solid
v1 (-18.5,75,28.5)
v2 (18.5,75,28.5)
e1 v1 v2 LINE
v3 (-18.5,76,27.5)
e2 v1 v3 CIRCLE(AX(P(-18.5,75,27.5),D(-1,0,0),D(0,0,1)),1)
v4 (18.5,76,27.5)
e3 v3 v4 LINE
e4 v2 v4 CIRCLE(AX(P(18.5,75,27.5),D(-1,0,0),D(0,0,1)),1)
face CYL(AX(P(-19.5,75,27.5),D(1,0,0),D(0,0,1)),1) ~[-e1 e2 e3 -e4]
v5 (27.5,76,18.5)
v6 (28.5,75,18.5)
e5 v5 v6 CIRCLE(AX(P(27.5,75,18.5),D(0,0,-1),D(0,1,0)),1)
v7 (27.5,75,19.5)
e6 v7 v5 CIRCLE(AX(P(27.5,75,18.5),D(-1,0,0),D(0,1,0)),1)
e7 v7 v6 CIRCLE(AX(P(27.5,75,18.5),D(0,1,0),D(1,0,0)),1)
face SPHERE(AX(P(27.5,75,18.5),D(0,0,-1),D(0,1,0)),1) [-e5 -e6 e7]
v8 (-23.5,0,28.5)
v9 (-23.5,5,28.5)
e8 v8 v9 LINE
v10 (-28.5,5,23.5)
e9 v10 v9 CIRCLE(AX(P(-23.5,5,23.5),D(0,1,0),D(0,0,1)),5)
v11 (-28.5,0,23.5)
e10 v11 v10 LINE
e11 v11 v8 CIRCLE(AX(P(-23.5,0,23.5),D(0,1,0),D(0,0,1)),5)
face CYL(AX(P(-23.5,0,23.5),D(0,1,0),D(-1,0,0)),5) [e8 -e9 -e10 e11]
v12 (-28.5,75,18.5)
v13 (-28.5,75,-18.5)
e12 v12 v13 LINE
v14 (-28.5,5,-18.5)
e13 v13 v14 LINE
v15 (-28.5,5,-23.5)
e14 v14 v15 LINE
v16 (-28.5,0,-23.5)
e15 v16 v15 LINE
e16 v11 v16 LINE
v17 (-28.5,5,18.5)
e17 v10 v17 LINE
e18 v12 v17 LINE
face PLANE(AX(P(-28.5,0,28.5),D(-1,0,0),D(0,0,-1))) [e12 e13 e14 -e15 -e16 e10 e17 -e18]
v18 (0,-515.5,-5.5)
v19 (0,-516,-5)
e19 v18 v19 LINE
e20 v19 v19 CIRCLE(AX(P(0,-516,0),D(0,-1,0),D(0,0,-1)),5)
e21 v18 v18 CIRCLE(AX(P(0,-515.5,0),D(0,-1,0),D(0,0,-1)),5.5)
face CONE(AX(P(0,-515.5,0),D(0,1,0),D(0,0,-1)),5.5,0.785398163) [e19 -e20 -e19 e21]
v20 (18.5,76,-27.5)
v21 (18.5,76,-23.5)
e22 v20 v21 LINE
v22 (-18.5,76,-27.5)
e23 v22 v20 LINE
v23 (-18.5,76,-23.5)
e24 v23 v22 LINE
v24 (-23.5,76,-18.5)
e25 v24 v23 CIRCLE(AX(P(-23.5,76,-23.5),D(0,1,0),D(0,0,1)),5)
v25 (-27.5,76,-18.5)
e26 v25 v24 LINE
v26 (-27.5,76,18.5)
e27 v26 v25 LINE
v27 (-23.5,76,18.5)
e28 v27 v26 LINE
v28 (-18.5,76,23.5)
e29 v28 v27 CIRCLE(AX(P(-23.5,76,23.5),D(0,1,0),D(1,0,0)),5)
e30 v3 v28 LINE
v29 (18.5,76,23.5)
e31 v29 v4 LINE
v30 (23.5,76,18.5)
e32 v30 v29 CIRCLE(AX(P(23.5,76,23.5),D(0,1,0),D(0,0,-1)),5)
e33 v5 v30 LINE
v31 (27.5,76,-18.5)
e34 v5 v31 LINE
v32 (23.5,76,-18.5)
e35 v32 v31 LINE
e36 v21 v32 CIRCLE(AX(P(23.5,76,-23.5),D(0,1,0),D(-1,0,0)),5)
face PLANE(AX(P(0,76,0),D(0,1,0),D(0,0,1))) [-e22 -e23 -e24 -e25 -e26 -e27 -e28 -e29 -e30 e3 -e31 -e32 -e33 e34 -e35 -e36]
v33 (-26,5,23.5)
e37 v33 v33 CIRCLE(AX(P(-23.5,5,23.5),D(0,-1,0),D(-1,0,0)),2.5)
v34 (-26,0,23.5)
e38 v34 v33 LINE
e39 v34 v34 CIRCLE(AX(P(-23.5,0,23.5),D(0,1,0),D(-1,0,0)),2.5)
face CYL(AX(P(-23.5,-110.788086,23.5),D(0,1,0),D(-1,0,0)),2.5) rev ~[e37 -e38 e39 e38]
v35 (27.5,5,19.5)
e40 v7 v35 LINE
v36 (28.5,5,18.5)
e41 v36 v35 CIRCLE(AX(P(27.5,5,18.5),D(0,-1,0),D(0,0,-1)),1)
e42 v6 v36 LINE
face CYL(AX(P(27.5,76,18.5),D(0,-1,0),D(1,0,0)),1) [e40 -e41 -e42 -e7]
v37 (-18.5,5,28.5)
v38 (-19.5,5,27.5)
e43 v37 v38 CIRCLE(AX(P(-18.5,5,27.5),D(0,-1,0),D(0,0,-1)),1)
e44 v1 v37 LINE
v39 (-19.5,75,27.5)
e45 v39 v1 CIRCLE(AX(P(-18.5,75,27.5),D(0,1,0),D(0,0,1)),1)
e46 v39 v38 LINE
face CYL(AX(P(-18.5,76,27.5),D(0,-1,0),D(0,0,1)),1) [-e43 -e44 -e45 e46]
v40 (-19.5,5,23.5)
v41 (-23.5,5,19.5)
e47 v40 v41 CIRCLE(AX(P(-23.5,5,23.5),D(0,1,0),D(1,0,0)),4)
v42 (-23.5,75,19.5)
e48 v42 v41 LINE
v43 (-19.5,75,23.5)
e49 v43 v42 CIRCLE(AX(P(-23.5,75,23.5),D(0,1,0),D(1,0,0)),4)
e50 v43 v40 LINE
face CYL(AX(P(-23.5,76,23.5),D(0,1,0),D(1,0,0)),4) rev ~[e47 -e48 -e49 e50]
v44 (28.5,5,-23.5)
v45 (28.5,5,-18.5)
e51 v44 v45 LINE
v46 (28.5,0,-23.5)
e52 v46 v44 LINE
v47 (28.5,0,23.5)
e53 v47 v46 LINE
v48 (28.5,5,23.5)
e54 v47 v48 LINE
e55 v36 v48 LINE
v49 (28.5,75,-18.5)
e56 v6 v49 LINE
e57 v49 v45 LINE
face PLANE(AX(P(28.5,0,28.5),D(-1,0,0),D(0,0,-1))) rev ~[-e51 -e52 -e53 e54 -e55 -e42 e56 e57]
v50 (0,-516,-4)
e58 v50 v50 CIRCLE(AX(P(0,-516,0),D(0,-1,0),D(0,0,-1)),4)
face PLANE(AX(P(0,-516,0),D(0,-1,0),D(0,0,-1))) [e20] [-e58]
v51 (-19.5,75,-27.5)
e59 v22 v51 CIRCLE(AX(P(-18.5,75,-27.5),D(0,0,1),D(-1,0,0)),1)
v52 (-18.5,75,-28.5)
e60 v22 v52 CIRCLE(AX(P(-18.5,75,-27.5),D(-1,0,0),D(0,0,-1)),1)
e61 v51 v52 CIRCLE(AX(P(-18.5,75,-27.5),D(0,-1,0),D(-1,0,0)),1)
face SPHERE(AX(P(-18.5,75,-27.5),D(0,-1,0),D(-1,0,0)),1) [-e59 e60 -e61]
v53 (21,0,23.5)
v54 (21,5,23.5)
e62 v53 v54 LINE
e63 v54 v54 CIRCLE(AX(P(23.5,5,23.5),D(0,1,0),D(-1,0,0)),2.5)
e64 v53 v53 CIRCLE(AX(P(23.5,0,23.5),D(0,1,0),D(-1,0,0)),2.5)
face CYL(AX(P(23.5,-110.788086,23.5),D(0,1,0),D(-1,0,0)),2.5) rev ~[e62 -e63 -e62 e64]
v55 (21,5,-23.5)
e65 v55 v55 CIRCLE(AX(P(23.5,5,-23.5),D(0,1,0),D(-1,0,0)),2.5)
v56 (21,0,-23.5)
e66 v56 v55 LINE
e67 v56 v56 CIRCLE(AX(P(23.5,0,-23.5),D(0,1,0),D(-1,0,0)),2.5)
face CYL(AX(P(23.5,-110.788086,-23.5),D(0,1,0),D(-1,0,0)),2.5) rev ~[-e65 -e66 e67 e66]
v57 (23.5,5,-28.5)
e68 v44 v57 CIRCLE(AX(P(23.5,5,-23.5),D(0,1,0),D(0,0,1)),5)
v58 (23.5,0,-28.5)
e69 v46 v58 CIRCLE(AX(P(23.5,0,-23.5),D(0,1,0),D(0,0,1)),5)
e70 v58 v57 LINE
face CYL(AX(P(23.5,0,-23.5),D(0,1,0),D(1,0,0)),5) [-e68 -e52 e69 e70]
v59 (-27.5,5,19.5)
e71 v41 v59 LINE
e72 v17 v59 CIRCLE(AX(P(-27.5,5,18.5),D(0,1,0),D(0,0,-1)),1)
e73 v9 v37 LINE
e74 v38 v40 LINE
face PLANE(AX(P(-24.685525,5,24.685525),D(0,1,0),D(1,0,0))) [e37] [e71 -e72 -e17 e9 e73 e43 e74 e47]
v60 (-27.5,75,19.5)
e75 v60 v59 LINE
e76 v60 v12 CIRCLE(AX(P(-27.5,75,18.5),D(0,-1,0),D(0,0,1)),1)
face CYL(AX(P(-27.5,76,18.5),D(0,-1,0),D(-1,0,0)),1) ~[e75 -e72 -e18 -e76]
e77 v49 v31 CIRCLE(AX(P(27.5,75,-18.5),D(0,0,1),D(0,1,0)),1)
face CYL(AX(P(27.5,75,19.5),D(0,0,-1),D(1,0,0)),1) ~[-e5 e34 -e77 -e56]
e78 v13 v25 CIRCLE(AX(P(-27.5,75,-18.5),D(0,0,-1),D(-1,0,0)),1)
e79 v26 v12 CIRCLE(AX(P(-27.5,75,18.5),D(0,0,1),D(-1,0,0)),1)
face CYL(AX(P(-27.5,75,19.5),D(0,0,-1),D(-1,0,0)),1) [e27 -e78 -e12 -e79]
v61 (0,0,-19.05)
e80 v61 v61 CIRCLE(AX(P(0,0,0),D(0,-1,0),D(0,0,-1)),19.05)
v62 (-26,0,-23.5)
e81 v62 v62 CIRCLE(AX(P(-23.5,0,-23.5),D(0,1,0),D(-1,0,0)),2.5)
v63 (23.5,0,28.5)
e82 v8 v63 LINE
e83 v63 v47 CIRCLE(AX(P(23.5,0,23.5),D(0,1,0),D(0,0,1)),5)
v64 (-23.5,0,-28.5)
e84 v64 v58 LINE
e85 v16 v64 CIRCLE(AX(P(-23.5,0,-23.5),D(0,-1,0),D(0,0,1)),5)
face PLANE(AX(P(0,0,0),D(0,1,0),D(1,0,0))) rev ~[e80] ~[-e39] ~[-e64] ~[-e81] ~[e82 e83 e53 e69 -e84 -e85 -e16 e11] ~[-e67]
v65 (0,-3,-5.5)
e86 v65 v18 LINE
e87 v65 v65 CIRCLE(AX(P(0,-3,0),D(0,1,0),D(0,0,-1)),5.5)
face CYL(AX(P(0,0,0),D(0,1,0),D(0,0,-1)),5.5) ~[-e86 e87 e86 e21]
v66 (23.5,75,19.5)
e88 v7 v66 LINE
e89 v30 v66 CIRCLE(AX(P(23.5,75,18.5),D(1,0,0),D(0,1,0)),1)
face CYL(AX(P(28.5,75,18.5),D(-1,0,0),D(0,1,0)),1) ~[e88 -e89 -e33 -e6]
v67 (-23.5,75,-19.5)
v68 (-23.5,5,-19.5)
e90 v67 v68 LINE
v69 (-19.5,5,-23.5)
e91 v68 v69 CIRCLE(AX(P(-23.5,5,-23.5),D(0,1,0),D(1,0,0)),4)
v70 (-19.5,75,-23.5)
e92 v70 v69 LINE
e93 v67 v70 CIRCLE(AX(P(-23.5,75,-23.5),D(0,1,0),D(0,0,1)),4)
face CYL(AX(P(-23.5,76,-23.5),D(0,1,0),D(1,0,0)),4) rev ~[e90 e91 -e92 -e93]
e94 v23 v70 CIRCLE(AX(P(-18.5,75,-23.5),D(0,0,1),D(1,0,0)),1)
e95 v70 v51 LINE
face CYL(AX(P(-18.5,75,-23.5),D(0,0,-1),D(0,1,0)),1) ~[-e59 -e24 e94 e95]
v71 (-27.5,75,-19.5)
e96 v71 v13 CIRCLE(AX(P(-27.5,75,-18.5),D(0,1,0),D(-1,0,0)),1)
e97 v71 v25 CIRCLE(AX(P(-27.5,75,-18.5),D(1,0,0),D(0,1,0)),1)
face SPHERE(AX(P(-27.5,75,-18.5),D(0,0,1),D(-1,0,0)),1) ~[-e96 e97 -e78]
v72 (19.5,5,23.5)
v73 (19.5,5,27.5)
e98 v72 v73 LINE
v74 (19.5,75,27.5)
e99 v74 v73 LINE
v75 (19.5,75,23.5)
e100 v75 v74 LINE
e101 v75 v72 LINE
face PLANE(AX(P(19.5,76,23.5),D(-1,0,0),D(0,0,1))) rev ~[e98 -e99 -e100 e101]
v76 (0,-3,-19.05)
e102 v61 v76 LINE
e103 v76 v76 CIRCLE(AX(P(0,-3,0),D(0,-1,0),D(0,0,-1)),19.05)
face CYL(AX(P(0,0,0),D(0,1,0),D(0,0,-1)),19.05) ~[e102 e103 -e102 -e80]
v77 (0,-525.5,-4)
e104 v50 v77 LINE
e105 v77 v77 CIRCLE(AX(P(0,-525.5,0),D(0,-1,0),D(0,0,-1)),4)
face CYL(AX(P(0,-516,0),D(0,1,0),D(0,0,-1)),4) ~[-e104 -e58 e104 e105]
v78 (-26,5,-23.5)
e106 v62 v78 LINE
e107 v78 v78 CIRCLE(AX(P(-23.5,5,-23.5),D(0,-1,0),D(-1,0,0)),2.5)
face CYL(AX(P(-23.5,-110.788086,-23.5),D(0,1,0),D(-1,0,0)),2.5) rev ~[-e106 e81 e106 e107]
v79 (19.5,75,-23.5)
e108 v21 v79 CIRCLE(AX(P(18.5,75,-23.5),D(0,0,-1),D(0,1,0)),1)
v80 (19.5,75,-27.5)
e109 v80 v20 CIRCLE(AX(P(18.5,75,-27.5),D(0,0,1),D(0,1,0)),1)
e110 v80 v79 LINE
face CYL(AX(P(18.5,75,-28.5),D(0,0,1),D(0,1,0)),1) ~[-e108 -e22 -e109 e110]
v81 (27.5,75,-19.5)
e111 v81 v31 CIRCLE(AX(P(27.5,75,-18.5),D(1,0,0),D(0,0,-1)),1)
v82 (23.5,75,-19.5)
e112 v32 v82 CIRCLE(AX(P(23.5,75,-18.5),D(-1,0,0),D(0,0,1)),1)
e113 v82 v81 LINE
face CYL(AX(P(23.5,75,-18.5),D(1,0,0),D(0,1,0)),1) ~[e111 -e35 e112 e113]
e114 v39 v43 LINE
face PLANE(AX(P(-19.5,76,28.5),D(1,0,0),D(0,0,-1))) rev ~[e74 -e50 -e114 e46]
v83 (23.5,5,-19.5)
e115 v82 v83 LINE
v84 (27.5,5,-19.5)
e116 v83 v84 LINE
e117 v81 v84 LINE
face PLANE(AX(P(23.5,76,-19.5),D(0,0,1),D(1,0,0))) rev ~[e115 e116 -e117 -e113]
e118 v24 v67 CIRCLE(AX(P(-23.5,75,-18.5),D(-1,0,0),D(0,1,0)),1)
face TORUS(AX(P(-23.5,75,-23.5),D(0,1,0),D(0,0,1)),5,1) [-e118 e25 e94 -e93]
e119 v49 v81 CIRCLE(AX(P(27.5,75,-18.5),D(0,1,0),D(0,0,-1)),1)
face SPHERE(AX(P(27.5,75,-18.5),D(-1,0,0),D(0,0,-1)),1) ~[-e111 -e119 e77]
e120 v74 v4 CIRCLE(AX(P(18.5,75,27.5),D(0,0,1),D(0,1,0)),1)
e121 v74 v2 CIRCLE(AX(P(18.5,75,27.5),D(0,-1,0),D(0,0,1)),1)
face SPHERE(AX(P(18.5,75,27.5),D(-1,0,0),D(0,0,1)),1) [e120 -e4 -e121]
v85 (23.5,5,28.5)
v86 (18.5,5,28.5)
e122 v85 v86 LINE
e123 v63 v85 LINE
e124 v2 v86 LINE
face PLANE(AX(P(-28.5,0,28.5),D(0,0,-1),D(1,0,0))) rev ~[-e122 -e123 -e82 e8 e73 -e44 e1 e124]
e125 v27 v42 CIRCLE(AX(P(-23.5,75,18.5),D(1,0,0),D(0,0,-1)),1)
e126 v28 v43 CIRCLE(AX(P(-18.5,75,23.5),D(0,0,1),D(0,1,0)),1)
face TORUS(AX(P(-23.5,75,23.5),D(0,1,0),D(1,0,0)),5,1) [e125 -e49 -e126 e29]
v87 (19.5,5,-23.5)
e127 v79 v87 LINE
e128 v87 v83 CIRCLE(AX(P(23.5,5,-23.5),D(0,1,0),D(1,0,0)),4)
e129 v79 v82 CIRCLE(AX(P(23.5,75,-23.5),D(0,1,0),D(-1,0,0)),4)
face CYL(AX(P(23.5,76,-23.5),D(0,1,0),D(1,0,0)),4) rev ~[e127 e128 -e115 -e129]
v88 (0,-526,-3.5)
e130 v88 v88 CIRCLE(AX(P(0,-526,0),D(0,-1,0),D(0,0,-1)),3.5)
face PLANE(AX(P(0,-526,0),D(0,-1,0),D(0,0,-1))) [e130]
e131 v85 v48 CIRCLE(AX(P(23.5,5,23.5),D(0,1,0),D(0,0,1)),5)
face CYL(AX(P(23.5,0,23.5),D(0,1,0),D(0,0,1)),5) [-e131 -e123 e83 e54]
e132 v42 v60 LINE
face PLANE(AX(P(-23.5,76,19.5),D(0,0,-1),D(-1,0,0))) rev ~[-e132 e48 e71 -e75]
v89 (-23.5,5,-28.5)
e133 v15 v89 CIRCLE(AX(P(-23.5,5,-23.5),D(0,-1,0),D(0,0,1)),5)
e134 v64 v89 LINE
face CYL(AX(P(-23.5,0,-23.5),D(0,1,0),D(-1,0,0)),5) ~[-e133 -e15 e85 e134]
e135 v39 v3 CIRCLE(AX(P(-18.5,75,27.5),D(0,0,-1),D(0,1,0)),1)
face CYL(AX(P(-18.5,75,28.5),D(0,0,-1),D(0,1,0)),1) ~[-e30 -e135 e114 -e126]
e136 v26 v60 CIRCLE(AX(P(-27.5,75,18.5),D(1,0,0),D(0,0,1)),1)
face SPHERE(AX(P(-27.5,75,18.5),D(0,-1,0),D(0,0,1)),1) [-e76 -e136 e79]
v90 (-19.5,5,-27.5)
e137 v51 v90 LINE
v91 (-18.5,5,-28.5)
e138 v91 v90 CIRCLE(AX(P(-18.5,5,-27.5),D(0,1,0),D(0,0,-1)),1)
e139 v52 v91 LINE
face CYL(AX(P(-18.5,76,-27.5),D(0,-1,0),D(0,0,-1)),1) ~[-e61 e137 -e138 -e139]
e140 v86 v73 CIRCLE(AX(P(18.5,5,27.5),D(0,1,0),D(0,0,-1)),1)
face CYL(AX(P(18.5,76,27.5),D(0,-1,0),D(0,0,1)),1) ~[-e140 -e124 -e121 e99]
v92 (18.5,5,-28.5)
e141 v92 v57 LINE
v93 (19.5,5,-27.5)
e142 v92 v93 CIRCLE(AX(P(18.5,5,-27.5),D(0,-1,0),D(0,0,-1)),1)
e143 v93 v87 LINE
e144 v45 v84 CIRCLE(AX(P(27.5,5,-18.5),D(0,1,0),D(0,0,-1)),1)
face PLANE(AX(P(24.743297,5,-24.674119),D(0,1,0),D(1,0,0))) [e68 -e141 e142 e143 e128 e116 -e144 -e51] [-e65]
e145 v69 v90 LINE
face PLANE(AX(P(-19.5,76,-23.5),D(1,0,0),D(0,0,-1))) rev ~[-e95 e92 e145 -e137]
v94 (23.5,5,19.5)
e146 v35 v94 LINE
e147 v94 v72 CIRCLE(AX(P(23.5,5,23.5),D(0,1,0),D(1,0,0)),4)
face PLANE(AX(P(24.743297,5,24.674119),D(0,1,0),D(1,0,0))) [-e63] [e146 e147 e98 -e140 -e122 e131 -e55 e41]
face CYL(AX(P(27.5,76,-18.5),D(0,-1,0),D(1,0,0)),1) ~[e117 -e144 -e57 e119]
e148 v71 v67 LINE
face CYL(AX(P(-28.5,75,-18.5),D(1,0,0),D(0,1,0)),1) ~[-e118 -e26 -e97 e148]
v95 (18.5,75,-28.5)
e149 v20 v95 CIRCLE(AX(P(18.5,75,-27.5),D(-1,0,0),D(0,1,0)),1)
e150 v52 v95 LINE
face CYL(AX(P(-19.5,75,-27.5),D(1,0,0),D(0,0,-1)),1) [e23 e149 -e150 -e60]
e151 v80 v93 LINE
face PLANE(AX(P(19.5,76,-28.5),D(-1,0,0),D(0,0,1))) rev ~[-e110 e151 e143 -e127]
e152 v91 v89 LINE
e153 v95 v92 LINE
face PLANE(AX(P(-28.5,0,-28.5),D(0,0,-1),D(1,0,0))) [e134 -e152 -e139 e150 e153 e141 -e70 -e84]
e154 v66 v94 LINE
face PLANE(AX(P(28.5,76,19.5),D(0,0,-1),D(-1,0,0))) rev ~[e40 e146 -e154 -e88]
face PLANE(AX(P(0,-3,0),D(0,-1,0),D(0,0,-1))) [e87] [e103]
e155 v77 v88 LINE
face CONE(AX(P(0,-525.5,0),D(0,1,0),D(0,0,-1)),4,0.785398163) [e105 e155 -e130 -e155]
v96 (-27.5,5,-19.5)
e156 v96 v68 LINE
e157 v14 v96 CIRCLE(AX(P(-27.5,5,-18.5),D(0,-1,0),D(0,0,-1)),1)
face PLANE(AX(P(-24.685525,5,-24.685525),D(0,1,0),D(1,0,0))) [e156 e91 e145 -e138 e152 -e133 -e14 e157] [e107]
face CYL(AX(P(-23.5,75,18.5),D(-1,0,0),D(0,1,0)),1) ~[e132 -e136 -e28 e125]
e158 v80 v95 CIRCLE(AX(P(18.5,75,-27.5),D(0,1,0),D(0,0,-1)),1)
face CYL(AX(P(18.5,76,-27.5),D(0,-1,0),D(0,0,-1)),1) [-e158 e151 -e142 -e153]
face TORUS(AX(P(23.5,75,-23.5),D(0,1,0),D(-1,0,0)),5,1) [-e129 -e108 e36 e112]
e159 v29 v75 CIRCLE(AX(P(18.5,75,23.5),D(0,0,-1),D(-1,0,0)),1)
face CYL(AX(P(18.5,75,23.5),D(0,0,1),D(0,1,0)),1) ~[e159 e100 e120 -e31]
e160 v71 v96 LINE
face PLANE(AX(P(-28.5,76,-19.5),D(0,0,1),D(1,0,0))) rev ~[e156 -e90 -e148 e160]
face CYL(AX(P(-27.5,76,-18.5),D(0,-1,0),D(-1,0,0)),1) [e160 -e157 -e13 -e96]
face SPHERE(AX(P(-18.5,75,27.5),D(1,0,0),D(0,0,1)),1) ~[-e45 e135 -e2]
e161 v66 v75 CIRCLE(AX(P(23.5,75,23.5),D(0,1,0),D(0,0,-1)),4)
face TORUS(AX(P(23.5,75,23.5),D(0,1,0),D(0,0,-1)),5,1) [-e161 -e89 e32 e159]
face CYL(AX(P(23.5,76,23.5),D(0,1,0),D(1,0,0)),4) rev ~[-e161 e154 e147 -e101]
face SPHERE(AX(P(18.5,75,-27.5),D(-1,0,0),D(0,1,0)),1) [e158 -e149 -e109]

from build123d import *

# Parameters (mm, degrees)
SKETCH1_W                = 57
SKETCH1_H                = 57
EXTRUDE1_DEPTH           = 76
F_5_0_5_DIAMETER_HOLE1_D = 5
SKETCH6_R                = 4
SKETCH6_R_2              = 2.5
EXTRUDE4_DEPTH           = 71
FILLET1_R                = 5
SKETCH7_R                = 3
EXTRUDE5_DEPTH           = 101
SKETCH8_R                = 19.05
EXTRUDE6_DEPTH           = 3
FILLET2_R                = 1
SKETCH9_R                = 5.5
BOSS_EXTRUDE1_DEPTH      = 516
CHAMFER1_SIZE            = 0.5
SKETCH10_R               = 4
BOSS_EXTRUDE2_DEPTH      = 10
CHAMFER2_SIZE            = 0.5


with BuildPart() as part:
    # Sketch1 → Extrude1 (new body)
    with BuildSketch(Plane(origin=(0, 0, 0), x_dir=(1, 0, 0), z_dir=(0, 1, 0))):
        Rectangle(SKETCH1_W, SKETCH1_H)
    extrude(amount=EXTRUDE1_DEPTH)

    # Ø5.0 (5) Diameter Hole1 (through all)
    with Locations(Plane.XZ):
        with Locations((-23.5, 23.5), (23.5, 23.5), (23.5, -23.5), (-23.5, -23.5)):
            Hole(F_5_0_5_DIAMETER_HOLE1_D / 2)

    # Sketch6 → Extrude4 (cut)
    # profile 1 of 12: a face of its own
    with BuildSketch(Plane(origin=(0, 76, 0), x_dir=(1, 0, 0), z_dir=(0, 1, 0))):
        Polygon((-28.5, 28.5), (-19.5, 28.5), (-19.5, 32.511741208), (-33.908905561, 32.511741208), (-33.908905561, 19.5), (-28.5, 19.5), align=None)
    # profile 2 of 12: a face of its own
    with BuildSketch(Plane(origin=(0, 76, 0), x_dir=(1, 0, 0), z_dir=(0, 1, 0))):
        with BuildLine():
            ThreePointArc((-23.5, 19.5), (-26.328427125, 26.328427125), (-19.5, 23.5))
            Line((-19.5, 23.5), (-19.5, 28.5))
            Line((-19.5, 28.5), (-28.5, 28.5))
            Line((-28.5, 28.5), (-28.5, 19.5))
            Line((-28.5, 19.5), (-23.5, 19.5))
        make_face()
    # profile 3 of 12: a face of its own
    with BuildSketch(Plane(origin=(0, 76, 0), x_dir=(1, 0, 0), z_dir=(0, 1, 0))):
        with Locations((-23.5, 23.5)):
            Circle(SKETCH6_R)
        with Locations(Location((-23.5, 23.5, 0), (0, 0, 90))):
            Circle(SKETCH6_R_2, mode=Mode.SUBTRACT)
    # profile 4 of 12: a face of its own
    with BuildSketch(Plane(origin=(0, 76, 0), x_dir=(1, 0, 0), z_dir=(0, 1, 0))):
        Polygon((19.5, 36.471560472), (19.5, 28.5), (28.5, 28.5), (28.5, 19.5), (41.168352552, 19.5), (41.168352552, 36.471560472), align=None)
    # profile 5 of 12: a face of its own
    with BuildSketch(Plane(origin=(0, 76, 0), x_dir=(1, 0, 0), z_dir=(0, 1, 0))):
        with BuildLine():
            Line((28.5, 28.5), (19.5, 28.5))
            Line((19.5, 28.5), (19.5, 23.5))
            ThreePointArc((19.5, 23.5), (23.5, 27.5), (27.5, 23.5))
            ThreePointArc((27.5, 23.5), (26.328427125, 20.671572875), (23.5, 19.5))
            Line((23.5, 19.5), (28.5, 19.5))
            Line((28.5, 19.5), (28.5, 28.5))
        make_face()
    # profile 6 of 12: a face of its own
    with BuildSketch(Plane(origin=(0, 76, 0), x_dir=(1, 0, 0), z_dir=(0, 1, 0))):
        with Locations((23.5, 23.5)):
            Circle(SKETCH6_R)
        with Locations(Location((23.5, 23.5, 0), (0, 0, 90))):
            Circle(SKETCH6_R_2, mode=Mode.SUBTRACT)
    # profile 7 of 12: a face of its own
    with BuildSketch(Plane(origin=(0, 76, 0), x_dir=(1, 0, 0), z_dir=(0, 1, 0))):
        with Locations((23.5, -23.5)):
            Circle(SKETCH6_R)
        with Locations(Location((23.5, -23.5, 0), (0, 0, 90))):
            Circle(SKETCH6_R_2, mode=Mode.SUBTRACT)
    # profile 8 of 12: a face of its own
    with BuildSketch(Plane(origin=(0, 76, 0), x_dir=(1, 0, 0), z_dir=(0, 1, 0))):
        with BuildLine():
            Line((28.5, -28.5), (28.5, -19.5))
            Line((28.5, -19.5), (23.5, -19.5))
            ThreePointArc((23.5, -19.5), (26.328427125, -20.671572875), (27.5, -23.5))
            ThreePointArc((27.5, -23.5), (23.5, -27.5), (19.5, -23.5))
            Line((19.5, -23.5), (19.5, -28.5))
            Line((19.5, -28.5), (28.5, -28.5))
        make_face()
    # profile 9 of 12: a face of its own
    with BuildSketch(Plane(origin=(0, 76, 0), x_dir=(1, 0, 0), z_dir=(0, 1, 0))):
        Polygon((44.252209519, -19.5), (28.5, -19.5), (28.5, -28.5), (19.5, -28.5), (19.5, -40.050429997), (44.252209519, -40.050429997), align=None)
    # profile 10 of 12: a face of its own
    with BuildSketch(Plane(origin=(0, 76, 0), x_dir=(1, 0, 0), z_dir=(0, 1, 0))):
        Polygon((-28.5, -28.5), (-28.5, -19.5), (-37.670786859, -19.5), (-37.670786859, -37.828231874), (-19.5, -37.828231874), (-19.5, -28.5), align=None)
    # profile 11 of 12: a face of its own
    with BuildSketch(Plane(origin=(0, 76, 0), x_dir=(1, 0, 0), z_dir=(0, 1, 0))):
        with BuildLine():
            Line((-23.5, -19.5), (-28.5, -19.5))
            Line((-28.5, -19.5), (-28.5, -28.5))
            Line((-28.5, -28.5), (-19.5, -28.5))
            Line((-19.5, -28.5), (-19.5, -23.5))
            ThreePointArc((-19.5, -23.5), (-26.328427125, -26.328427125), (-23.5, -19.5))
        make_face()
    # profile 12 of 12: a face of its own
    with BuildSketch(Plane(origin=(0, 76, 0), x_dir=(1, 0, 0), z_dir=(0, 1, 0))):
        with Locations((-23.5, -23.5)):
            Circle(SKETCH6_R)
        with Locations(Location((-23.5, -23.5, 0), (0, 0, 90))):
            Circle(SKETCH6_R_2, mode=Mode.SUBTRACT)
    extrude(amount=-EXTRUDE4_DEPTH, mode=Mode.SUBTRACT)

    # Fillet1
    fillet1_edges = [part.edges().sort_by_distance(p)[0] for p in [
        (-28.5, 2.5, 28.5),
        (-28.5, 2.5, -28.5),
        (28.5, 2.5, -28.5),
        (28.5, 2.5, 28.5),
    ]]
    fillet(fillet1_edges, radius=FILLET1_R)



with BuildPart() as body_2:
    # Sketch7 → Extrude5 (new body)
    with BuildSketch(Plane(origin=(0, 76, 0), x_dir=(1, 0, 0), z_dir=(0, 1, 0))):
        with Locations(Location((0, 0, 0), (0, 0, 270))):
            Circle(SKETCH7_R)
    extrude(amount=-EXTRUDE5_DEPTH)


with BuildPart() as part_1:
    add(part.part)

    add(body_2.part)  # Extrude6 merges body 2
    # Sketch8 → Extrude6 (add)
    with BuildSketch(Plane.XZ):
        with Locations(Location((0, 0, 0), (0, 0, 270))):
            Circle(SKETCH8_R)
    extrude(amount=EXTRUDE6_DEPTH)

    # Fillet2
    fillet2_edges = [part_1.edges().sort_by_distance(p)[0] for p in [
        (-28.5, 40.5, 19.5),
        (0, 76, 28.5),
        (-19.5, 40.5, 28.5),
        (-19.5, 76, 26),
        (-20.671572875, 76, 20.671572875),
        (-26, 76, 19.5),
        (-28.5, 76, 0),
        (-28.5, 40.5, -19.5),
        (-19.5, 40.5, -28.5),
        (-19.5, 76, -26),
        (-26, 76, -19.5),
        (-20.671572875, 76, -20.671572875),
        (0, 76, -28.5),
        (19.5, 76, -26),
        (26, 76, -19.5),
        (20.671572875, 76, -20.671572875),
        (19.5, 40.5, -28.5),
        (28.5, 40.5, -19.5),
        (19.5, 40.5, 28.5),
        (28.5, 76, 0),
        (26, 76, 19.5),
        (19.5, 76, 26),
        (20.671572875, 76, 20.671572875),
        (28.5, 40.5, 19.5),
    ]]
    fillet(fillet2_edges, radius=FILLET2_R)

    # Sketch9 → Boss-Extrude1 (add)
    with BuildSketch(Plane.XZ):
        with Locations(Location((0, 0, 0), (0, 0, 270))):
            Circle(SKETCH9_R)
    extrude(amount=BOSS_EXTRUDE1_DEPTH)

    # Chamfer1
    chamfer1_edges = [part_1.edges().sort_by_distance(p)[0] for p in [
        (0, -516, 5.5),
    ]]
    chamfer(chamfer1_edges, length=CHAMFER1_SIZE)

    # Sketch10 → Boss-Extrude2 (add)
    with BuildSketch(Plane.XZ.offset(516)):
        with Locations(Location((0, 0, 0), (0, 0, 270))):
            Circle(SKETCH10_R)
    extrude(amount=BOSS_EXTRUDE2_DEPTH)

    # Chamfer2
    chamfer2_edges = [part_1.edges().sort_by_distance(p)[0] for p in [
        (0, -526, 4),
    ]]
    chamfer(chamfer2_edges, length=CHAMFER2_SIZE)


solid = part_1.part
